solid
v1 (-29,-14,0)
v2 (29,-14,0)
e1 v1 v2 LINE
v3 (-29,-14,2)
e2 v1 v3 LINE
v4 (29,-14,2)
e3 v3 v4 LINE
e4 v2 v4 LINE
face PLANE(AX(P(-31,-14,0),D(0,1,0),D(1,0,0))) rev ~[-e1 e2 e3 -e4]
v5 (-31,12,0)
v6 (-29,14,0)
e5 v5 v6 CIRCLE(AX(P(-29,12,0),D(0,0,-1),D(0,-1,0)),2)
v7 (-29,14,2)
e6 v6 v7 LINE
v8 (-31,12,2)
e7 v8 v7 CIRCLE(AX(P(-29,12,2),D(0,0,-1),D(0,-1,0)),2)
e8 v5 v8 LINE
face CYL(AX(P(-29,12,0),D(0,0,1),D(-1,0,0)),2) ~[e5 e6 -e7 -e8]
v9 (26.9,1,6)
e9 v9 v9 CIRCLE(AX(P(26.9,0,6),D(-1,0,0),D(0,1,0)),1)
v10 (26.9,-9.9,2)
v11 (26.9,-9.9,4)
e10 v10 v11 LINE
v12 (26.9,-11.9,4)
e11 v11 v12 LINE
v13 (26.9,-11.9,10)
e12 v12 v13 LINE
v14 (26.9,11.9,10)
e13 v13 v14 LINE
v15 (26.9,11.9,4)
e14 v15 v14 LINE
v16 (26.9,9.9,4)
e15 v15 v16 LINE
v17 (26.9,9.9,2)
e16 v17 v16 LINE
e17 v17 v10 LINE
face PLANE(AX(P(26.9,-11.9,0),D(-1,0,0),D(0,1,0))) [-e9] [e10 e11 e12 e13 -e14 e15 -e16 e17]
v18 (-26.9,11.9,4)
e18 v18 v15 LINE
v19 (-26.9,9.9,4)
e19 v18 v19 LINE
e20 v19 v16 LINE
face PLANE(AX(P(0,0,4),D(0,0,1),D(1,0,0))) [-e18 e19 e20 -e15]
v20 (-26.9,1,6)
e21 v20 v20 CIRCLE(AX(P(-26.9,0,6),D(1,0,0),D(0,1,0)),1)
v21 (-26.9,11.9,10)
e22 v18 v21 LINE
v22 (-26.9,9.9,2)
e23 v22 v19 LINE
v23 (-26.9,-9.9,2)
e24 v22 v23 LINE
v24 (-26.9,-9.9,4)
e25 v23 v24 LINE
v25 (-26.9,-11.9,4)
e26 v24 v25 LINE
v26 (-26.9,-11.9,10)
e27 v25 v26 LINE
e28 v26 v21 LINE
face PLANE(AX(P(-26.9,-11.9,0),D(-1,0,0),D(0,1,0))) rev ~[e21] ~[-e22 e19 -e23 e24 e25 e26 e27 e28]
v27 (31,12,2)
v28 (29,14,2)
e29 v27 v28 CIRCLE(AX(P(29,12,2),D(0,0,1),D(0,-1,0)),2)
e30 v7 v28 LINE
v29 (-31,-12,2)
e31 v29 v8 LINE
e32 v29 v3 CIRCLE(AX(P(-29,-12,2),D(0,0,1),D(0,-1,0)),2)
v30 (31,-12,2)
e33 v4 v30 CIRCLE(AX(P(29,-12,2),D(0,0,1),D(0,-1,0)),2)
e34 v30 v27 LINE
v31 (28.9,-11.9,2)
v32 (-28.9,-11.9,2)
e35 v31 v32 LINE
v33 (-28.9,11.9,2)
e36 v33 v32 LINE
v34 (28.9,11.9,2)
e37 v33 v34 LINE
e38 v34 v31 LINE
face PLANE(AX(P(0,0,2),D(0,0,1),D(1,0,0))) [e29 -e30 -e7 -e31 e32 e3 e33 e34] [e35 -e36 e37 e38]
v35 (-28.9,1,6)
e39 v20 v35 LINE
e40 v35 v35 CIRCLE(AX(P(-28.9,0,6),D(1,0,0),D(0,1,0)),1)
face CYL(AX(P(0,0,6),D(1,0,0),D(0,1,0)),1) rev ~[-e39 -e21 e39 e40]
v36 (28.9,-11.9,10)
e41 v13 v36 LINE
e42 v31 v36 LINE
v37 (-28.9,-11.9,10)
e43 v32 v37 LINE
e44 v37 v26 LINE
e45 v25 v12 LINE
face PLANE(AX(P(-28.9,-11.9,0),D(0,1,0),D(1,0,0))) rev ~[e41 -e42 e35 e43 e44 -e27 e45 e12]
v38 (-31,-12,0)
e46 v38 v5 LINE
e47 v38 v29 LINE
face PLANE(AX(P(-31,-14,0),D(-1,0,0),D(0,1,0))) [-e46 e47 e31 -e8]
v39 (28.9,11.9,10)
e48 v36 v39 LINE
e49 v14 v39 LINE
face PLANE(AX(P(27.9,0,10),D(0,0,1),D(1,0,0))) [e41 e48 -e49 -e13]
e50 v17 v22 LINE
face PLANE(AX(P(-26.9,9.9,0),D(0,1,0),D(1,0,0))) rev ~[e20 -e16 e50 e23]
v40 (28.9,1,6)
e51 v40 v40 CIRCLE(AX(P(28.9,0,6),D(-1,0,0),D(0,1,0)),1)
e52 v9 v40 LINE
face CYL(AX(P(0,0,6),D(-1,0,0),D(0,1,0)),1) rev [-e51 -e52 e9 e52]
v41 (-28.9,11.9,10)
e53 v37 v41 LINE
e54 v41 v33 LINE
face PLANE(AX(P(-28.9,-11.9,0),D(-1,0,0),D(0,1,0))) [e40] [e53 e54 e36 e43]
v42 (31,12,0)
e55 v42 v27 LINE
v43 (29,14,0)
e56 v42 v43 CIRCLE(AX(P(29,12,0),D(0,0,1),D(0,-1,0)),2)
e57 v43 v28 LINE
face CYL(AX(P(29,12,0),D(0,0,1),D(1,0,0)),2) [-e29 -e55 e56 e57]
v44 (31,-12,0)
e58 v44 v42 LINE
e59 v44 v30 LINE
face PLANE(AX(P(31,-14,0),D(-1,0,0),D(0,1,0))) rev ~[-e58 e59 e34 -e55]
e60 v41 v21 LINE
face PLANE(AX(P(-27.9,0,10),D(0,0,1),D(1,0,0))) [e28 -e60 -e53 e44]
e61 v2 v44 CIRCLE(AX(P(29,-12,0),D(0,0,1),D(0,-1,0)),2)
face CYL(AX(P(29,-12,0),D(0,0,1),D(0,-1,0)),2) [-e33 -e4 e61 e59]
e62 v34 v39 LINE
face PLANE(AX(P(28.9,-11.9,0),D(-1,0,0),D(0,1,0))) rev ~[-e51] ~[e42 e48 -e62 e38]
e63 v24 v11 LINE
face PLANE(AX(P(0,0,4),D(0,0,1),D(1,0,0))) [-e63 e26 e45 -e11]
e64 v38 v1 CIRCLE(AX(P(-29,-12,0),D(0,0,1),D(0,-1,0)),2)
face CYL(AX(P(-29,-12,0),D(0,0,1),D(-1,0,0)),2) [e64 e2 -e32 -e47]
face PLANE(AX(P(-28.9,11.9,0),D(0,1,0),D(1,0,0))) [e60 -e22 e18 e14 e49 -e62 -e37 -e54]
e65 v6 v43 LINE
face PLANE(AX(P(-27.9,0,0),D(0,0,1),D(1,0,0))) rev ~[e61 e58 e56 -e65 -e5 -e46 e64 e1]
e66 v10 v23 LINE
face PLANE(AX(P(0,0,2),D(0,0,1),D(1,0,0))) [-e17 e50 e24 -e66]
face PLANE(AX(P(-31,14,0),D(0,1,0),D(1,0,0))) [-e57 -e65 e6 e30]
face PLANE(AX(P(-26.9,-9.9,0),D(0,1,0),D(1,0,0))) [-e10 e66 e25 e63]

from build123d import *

# Parameters (mm, degrees)
SKETCH_W          = 62
SKETCH_H          = 28
PAD_DEPTH         = 2
SKETCH001_W       = 57.8
SKETCH001_H       = 23.8
SKETCH001_W_2     = 53.8
SKETCH001_H_2     = 19.8
PAD001_DEPTH      = 4
SKETCH002_W       = 2
SKETCH002_H       = 23.8
PAD002_DEPTH      = 10
SKETCH003_R       = 1
POCKET_DEPTH      = 31.001
POCKET_DEPTH_BACK = -31.001
FILLET_R          = 2


with BuildPart() as part:
    # Sketch → Pad (new body)
    with BuildSketch(Plane.XY):
        Rectangle(SKETCH_W, SKETCH_H)
    extrude(amount=PAD_DEPTH)

    # Sketch001 → Pad001 (join)
    with BuildSketch(Plane.XY):
        Rectangle(SKETCH001_W, SKETCH001_H)
        Rectangle(SKETCH001_W_2, SKETCH001_H_2, mode=Mode.SUBTRACT)
    extrude(amount=PAD001_DEPTH)

    # Sketch002 → Pad002 (join)
    with BuildSketch(Plane.XY):
        with Locations((-27.9, 0)):
            Rectangle(SKETCH002_W, SKETCH002_H)
        with Locations((27.9, 0)):
            Rectangle(SKETCH002_W, SKETCH002_H)
    extrude(amount=PAD002_DEPTH)

    # Sketch003 → Pocket (cut, two sides)
    with BuildSketch(Plane.YZ) as pocket_sk:
        with Locations((0, 6)):
            Circle(SKETCH003_R)
    extrude(amount=-POCKET_DEPTH, mode=Mode.SUBTRACT)
    extrude(pocket_sk.sketch, amount=-POCKET_DEPTH_BACK, mode=Mode.SUBTRACT)

    # Fillet
    fillet_edges = [part.edges().sort_by_distance(p)[0] for p in [
        (31, 14, 1),
        (31, -14, 1),
        (-31, 14, 1),
        (-31, -14, 1),
    ]]
    fillet(fillet_edges, radius=FILLET_R)


solid = part.part
